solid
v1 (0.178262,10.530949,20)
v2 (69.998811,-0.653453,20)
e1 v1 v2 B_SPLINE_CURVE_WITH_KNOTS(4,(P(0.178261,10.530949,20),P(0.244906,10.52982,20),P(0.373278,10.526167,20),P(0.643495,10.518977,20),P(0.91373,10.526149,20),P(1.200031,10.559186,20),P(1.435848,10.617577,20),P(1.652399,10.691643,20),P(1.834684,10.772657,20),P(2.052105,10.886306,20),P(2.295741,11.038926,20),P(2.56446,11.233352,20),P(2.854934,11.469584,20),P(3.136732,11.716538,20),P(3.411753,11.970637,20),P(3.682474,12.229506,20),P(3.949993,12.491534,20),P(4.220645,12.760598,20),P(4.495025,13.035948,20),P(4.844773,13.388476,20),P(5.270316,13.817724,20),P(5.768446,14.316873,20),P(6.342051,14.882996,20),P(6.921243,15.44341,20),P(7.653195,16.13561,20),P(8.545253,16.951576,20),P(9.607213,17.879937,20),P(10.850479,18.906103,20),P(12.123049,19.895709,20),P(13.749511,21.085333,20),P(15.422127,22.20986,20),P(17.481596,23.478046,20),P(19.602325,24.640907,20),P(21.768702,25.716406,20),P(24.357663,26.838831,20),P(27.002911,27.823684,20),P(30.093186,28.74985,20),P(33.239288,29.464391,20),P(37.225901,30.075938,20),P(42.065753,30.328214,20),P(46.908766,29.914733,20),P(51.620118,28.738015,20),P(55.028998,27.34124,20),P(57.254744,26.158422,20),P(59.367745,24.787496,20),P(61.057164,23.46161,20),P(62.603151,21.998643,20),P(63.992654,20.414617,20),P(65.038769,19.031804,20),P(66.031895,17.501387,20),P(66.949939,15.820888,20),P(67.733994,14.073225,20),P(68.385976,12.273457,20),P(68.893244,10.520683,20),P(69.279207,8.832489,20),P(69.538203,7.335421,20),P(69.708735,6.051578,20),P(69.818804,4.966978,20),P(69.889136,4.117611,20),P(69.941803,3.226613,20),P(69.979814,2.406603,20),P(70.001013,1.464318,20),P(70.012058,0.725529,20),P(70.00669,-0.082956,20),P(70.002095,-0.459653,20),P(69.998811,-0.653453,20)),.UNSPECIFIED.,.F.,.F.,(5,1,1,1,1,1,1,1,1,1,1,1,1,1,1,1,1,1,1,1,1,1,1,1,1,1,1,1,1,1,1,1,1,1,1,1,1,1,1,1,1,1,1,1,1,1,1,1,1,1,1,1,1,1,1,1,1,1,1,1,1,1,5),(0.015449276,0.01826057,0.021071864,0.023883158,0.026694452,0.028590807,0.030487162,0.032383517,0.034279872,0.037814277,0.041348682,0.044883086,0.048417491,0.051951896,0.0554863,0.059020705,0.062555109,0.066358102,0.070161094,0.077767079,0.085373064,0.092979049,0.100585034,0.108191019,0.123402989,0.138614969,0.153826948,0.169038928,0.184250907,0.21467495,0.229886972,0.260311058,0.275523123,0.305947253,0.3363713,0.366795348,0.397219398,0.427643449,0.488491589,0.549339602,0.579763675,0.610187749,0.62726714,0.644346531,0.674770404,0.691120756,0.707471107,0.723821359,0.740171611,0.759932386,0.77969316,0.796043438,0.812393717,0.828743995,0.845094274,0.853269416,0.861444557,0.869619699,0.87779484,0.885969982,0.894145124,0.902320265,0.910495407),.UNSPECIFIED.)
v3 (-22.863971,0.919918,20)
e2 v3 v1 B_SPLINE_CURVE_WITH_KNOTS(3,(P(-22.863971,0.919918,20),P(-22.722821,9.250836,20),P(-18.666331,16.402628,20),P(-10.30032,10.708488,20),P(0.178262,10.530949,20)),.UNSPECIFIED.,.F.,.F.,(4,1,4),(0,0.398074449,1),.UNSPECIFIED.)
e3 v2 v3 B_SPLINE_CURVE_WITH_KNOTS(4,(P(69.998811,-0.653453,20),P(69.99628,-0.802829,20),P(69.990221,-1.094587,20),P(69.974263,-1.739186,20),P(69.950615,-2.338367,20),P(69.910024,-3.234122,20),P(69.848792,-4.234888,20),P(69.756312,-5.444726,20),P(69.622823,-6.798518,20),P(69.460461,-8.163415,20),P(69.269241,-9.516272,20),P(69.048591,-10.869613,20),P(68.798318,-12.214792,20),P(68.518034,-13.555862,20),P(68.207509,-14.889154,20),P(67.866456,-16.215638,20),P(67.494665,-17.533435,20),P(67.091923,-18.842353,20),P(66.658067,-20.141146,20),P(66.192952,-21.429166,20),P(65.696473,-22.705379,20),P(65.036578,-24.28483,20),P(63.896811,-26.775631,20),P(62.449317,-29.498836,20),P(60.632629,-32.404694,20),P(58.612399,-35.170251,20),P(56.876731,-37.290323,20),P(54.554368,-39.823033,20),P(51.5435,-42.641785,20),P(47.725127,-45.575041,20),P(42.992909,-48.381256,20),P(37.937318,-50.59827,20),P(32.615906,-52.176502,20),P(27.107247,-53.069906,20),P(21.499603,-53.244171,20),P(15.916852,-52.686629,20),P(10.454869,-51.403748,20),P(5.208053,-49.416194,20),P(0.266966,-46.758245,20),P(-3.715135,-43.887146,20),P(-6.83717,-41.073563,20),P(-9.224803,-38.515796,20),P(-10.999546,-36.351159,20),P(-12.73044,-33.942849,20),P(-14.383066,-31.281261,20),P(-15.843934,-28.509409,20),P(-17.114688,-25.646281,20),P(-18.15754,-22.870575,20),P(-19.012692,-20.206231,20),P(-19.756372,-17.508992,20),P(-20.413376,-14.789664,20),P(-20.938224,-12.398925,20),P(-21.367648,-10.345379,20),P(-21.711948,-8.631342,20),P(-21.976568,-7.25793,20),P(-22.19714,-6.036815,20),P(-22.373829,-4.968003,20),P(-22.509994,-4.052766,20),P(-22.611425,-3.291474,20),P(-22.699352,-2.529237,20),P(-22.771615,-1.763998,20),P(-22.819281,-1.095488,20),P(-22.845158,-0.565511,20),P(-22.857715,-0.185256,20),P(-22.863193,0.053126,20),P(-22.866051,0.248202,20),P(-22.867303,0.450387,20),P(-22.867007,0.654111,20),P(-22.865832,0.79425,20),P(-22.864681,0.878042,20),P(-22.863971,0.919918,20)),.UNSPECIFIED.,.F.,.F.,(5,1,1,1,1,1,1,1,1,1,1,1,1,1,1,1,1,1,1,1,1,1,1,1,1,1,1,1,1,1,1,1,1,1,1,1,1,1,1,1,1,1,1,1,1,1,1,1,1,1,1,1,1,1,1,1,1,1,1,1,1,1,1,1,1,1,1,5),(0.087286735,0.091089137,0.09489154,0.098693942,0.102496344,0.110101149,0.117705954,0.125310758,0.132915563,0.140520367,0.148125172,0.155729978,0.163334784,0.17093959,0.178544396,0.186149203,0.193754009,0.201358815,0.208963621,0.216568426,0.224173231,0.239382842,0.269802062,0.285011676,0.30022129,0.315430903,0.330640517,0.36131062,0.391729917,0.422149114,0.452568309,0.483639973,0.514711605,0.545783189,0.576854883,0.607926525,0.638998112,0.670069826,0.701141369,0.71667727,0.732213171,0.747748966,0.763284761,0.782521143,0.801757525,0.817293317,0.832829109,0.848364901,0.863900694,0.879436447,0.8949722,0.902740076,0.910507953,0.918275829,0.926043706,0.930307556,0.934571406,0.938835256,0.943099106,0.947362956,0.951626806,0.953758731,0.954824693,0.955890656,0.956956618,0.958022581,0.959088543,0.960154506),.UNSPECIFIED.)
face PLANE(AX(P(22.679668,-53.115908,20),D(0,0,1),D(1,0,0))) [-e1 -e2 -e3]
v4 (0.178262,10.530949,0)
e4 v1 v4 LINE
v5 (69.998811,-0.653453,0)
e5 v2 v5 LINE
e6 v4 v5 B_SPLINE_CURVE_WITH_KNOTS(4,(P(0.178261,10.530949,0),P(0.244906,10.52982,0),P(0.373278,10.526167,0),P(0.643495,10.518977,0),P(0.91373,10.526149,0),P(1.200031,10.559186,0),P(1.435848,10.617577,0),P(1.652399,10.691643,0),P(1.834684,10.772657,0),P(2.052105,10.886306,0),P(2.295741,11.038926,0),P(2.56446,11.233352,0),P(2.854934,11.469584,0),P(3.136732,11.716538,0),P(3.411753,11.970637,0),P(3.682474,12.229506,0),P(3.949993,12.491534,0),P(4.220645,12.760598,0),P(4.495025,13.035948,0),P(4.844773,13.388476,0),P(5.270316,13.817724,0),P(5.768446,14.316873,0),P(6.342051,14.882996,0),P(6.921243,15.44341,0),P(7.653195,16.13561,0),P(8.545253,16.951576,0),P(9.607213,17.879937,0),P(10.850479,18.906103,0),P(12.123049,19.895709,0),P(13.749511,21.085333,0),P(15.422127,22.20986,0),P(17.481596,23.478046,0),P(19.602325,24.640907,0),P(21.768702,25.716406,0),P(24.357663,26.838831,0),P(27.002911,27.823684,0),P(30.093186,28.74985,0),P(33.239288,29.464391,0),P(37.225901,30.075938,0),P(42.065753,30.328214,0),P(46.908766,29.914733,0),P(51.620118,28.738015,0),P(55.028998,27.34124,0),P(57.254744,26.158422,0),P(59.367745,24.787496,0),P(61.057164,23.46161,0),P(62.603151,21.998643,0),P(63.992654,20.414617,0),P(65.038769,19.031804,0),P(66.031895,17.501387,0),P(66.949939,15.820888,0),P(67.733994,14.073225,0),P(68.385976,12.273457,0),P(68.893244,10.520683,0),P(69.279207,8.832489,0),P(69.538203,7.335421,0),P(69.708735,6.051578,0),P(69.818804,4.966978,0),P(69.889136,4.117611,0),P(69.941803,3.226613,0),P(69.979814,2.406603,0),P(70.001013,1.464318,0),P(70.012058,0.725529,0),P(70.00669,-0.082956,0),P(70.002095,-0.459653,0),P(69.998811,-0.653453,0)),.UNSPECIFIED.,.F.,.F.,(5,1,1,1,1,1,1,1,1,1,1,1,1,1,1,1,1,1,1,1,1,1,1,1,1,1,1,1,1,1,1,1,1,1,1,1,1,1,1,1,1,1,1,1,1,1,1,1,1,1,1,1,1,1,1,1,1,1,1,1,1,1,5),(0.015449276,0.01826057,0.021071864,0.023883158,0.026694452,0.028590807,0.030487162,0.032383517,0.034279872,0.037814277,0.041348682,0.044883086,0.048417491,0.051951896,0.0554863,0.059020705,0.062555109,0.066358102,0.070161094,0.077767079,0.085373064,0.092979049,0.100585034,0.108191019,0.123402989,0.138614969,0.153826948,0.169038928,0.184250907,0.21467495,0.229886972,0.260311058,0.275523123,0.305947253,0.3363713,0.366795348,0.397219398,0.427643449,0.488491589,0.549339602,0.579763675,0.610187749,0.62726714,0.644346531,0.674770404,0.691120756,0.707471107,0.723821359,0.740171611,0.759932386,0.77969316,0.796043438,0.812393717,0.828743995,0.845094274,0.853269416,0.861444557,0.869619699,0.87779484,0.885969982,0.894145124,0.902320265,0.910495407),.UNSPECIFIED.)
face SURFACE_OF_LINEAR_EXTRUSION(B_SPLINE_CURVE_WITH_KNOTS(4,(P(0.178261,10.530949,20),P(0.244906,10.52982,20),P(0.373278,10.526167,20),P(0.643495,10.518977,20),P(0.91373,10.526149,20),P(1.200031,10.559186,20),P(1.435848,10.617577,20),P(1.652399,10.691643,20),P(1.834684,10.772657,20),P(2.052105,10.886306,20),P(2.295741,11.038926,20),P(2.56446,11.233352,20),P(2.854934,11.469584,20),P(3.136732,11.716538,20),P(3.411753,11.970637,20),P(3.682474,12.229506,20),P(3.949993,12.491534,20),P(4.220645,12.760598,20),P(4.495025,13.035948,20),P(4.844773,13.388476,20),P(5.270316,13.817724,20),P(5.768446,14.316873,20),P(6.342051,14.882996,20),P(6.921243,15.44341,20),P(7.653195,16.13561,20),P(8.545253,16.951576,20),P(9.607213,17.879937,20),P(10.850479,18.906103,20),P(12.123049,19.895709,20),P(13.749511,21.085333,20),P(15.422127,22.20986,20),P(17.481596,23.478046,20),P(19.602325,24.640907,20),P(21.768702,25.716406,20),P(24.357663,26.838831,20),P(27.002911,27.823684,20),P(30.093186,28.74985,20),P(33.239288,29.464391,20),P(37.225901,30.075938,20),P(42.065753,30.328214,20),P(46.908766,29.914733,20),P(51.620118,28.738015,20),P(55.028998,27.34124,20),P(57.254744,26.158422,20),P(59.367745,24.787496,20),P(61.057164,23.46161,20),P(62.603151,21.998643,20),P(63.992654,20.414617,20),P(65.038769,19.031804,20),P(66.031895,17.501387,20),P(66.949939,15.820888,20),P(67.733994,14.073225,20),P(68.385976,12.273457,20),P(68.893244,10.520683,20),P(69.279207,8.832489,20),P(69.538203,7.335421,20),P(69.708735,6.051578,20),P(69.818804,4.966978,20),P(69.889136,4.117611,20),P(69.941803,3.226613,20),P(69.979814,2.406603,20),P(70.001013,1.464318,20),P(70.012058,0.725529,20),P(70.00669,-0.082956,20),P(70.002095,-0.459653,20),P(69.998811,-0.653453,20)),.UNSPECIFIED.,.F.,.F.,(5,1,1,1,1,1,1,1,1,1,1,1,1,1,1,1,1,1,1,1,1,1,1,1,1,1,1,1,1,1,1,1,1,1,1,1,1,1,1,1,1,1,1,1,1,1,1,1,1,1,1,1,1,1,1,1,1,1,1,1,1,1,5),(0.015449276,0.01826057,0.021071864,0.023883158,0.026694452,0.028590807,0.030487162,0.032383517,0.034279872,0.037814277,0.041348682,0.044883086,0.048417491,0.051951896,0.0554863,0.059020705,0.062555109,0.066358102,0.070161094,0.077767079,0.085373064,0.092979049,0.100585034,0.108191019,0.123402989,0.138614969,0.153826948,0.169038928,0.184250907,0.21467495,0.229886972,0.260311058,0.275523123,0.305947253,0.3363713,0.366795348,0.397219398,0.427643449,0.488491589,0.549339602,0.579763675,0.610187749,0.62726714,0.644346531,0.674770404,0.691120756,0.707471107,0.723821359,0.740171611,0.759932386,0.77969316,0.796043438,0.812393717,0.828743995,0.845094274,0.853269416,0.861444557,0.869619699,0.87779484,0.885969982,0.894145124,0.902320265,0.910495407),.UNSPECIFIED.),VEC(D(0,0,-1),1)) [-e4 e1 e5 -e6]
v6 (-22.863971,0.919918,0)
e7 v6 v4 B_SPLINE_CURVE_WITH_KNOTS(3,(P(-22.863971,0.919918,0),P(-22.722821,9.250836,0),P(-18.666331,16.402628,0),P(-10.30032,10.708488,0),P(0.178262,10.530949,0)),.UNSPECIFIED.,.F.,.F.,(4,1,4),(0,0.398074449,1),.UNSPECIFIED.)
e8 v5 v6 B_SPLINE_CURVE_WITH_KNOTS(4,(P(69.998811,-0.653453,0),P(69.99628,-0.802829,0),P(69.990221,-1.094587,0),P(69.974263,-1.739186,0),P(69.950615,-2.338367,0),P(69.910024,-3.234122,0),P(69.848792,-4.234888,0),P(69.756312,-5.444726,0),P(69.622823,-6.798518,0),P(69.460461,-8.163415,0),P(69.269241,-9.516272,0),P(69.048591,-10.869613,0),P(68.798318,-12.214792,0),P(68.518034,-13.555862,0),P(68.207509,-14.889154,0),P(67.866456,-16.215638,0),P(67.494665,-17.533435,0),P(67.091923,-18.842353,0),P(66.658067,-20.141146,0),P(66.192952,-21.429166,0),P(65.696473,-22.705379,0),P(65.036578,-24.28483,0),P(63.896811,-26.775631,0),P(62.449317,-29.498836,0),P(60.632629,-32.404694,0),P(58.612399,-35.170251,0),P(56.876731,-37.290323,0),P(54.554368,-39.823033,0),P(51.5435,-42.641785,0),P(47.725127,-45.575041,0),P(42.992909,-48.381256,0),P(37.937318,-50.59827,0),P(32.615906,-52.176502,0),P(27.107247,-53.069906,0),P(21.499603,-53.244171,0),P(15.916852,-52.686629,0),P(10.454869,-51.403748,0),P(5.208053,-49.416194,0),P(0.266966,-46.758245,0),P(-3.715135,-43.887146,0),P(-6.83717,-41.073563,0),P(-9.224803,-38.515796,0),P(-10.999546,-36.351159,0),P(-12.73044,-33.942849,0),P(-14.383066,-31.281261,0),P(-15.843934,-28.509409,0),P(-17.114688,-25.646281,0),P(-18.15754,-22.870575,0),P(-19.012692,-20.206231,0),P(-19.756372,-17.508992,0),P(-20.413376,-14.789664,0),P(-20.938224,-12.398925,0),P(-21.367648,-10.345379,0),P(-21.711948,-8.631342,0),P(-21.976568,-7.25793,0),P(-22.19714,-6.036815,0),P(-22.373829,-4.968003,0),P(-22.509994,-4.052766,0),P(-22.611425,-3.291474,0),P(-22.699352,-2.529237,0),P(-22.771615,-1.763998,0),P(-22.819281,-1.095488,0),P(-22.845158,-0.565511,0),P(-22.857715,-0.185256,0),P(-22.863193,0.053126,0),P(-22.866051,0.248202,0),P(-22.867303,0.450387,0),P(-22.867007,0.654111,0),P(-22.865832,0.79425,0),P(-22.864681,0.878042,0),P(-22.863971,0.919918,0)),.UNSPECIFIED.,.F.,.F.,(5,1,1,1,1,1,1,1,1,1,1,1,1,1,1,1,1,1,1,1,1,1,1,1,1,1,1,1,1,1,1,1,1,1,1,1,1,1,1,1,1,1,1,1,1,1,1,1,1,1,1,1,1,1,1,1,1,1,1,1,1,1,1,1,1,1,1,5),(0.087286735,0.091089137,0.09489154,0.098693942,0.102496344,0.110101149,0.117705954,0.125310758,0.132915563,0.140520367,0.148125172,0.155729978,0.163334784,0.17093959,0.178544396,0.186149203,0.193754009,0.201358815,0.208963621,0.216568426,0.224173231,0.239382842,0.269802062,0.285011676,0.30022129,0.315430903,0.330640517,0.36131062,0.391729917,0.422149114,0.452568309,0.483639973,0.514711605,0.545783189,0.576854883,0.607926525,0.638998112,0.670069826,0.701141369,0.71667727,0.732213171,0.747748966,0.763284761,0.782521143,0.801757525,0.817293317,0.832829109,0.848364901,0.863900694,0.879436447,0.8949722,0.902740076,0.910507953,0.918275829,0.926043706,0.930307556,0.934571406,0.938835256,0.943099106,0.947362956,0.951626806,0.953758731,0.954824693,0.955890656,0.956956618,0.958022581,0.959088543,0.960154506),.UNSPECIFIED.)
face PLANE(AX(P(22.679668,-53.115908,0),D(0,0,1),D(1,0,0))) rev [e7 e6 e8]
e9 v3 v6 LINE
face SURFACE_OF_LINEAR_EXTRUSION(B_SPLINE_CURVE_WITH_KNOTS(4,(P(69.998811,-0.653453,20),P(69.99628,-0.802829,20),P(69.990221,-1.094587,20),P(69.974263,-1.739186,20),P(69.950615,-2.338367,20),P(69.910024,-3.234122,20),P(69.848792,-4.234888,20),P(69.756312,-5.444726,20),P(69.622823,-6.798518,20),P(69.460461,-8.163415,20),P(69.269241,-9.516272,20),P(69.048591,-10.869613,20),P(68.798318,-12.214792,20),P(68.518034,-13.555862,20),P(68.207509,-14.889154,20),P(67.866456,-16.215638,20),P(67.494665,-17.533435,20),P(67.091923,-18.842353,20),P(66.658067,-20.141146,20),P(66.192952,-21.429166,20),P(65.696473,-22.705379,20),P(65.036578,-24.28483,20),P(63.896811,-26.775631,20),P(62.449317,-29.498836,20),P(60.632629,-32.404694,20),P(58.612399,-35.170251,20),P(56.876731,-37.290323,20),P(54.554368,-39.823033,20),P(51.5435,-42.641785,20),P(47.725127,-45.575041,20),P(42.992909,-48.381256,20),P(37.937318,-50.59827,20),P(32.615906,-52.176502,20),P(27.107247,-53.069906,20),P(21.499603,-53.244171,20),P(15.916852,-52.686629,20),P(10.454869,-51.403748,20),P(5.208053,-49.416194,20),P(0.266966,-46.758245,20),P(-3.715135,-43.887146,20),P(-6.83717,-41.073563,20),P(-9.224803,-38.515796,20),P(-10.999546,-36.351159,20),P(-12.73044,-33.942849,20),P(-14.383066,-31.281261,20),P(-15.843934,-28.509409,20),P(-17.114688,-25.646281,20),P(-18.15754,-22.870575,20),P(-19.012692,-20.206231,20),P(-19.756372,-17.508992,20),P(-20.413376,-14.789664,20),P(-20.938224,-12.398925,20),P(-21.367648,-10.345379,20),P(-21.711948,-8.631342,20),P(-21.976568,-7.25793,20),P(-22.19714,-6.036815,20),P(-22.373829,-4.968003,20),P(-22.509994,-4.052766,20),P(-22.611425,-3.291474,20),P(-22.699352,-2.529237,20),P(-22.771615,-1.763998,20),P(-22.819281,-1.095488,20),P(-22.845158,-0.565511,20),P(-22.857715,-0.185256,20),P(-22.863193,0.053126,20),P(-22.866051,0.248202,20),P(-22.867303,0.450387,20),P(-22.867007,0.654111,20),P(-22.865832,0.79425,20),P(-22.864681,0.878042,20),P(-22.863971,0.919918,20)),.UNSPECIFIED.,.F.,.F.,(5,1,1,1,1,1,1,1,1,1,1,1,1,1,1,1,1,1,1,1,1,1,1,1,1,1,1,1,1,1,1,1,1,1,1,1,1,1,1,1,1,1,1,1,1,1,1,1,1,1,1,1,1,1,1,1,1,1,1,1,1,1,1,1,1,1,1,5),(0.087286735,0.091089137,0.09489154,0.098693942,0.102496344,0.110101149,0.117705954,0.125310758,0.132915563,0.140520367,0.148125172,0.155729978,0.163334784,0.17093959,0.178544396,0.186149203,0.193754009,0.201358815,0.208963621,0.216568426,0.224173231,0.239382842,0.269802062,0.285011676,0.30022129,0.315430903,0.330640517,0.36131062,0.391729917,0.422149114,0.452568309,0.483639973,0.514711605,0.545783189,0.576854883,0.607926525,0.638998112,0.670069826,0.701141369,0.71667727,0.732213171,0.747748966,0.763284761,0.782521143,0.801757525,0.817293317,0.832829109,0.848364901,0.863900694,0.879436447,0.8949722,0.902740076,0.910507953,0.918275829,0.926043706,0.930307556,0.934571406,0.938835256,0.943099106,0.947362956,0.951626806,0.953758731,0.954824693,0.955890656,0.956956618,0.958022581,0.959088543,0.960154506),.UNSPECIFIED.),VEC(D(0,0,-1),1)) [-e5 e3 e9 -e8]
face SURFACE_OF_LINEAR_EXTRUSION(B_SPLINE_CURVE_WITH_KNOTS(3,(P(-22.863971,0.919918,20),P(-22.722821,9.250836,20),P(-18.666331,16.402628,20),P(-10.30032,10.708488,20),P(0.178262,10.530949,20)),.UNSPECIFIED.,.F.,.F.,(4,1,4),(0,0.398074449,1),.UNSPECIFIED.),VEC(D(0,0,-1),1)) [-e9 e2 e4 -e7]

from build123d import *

# Parameters (mm, degrees)
EXTRUDE_1_DEPTH = 20


with BuildPart() as part:
    # 草图1 → 凸台-拉伸1 (new body)
    with BuildSketch(Plane.XY):
        with BuildLine():
            add(Edge.make_bspline(
                [(0.1782615, 10.530949408), (0.244905956, 10.529820254), (0.373277942, 10.526166579), (0.643494696, 10.518976505), (0.913729923, 10.526148962), (1.200031091, 10.559185531), (1.435848158, 10.617577351), (1.652398555, 10.691643298), (1.834684147, 10.772656816), (2.052105151, 10.886305872), (2.295740872, 11.038926219), (2.564460118, 11.233352073), (2.854933744, 11.46958407), (3.136732321, 11.716538458), (3.411752909, 11.970636797), (3.682474487, 12.229506357), (3.949993331, 12.49153421), (4.22064519, 12.760597645), (4.495024593, 13.035947777), (4.844773386, 13.388476486), (5.270316228, 13.817723931), (5.768446172, 14.316873279), (6.342050596, 14.882995744), (6.921243381, 15.443409674), (7.653194676, 16.135610087), (8.545252652, 16.951575587), (9.607212819, 17.879937478), (10.850479481, 18.906102669), (12.123049496, 19.895709066), (13.74951133, 21.0853332), (15.422127052, 22.209859592), (17.481595844, 23.478045633), (19.602324769, 24.640906966), (21.768702068, 25.716405622), (24.357662627, 26.838830596), (27.0029106, 27.823684354), (30.09318627, 28.749849662), (33.239288381, 29.464390668), (37.22590063, 30.075937896), (42.065752958, 30.328213523), (46.908766399, 29.914732573), (51.620118242, 28.738015133), (55.028998218, 27.341240068), (57.254744471, 26.158422471), (59.367744966, 24.787495607), (61.057163752, 23.46160968), (62.603150868, 21.998642749), (63.992654496, 20.414617159), (65.038768829, 19.031803865), (66.031894789, 17.501387154), (66.94993907, 15.820888181), (67.733993982, 14.073225246), (68.385975537, 12.273456792), (68.893244002, 10.520683159), (69.279207207, 8.832488895), (69.538203351, 7.335420706), (69.708734678, 6.051577951), (69.818803784, 4.966977753), (69.889135771, 4.117610885), (69.94180325, 3.226613382), (69.97981372, 2.406602606), (70.001013479, 1.464318305), (70.012058201, 0.725529174), (70.006690258, -0.082955575), (70.00209468, -0.459652906), (69.99881114, -0.653452585)],
                knots=[0.015449276, 0.015449276, 0.015449276, 0.015449276, 0.015449276, 0.01826057, 0.021071864, 0.023883158, 0.026694452, 0.028590807, 0.030487162, 0.032383517, 0.034279872, 0.037814277, 0.041348682, 0.044883086, 0.048417491, 0.051951896, 0.0554863, 0.059020705, 0.062555109, 0.066358102, 0.070161094, 0.077767079, 0.085373064, 0.092979049, 0.100585034, 0.108191019, 0.123402989, 0.138614969, 0.153826948, 0.169038928, 0.184250907, 0.21467495, 0.229886972, 0.260311058, 0.275523123, 0.305947253, 0.3363713, 0.366795348, 0.397219398, 0.427643449, 0.488491589, 0.549339602, 0.579763675, 0.610187749, 0.62726714, 0.644346531, 0.674770404, 0.691120756, 0.707471107, 0.723821359, 0.740171611, 0.759932386, 0.77969316, 0.796043438, 0.812393717, 0.828743995, 0.845094274, 0.853269416, 0.861444557, 0.869619699, 0.87779484, 0.885969982, 0.894145124, 0.902320265, 0.910495407, 0.910495407, 0.910495407, 0.910495407, 0.910495407], degree=4))
            add(Edge.make_bspline(
                [(69.99881114, -0.653452585), (69.996280261, -0.802829052), (69.990220853, -1.094587444), (69.974262699, -1.739186127), (69.950614641, -2.338367317), (69.910023626, -3.234121954), (69.848792011, -4.234888343), (69.75631235, -5.444726115), (69.622822759, -6.798518087), (69.460461294, -8.16341537), (69.269241478, -9.516272467), (69.048591267, -10.869613368), (68.798317634, -12.214791949), (68.51803424, -13.555862277), (68.207509036, -14.889153843), (67.866456245, -16.215638335), (67.494664866, -17.533434792), (67.091923133, -18.842353338), (66.658066663, -20.141146031), (66.192951642, -21.429166121), (65.696473242, -22.705379393), (65.036577726, -24.28483031), (63.896811051, -26.775631023), (62.449317335, -29.498835527), (60.632629255, -32.404693524), (58.612398649, -35.170251359), (56.876731263, -37.29032308), (54.554367978, -39.823032506), (51.543500376, -42.641785053), (47.725127379, -45.575040694), (42.992909396, -48.381256287), (37.937318134, -50.59827003), (32.6159065, -52.176501916), (27.10724651, -53.069906349), (21.499603375, -53.244171337), (15.916851924, -52.686629232), (10.454869475, -51.40374763), (5.208053204, -49.416193532), (0.266965944, -46.758244903), (-3.715134522, -43.887145704), (-6.83716953, -41.073562748), (-9.224802586, -38.515796464), (-10.999545938, -36.351159197), (-12.730439827, -33.942848801), (-14.383065646, -31.281261334), (-15.843934258, -28.509409456), (-17.114687718, -25.646281173), (-18.157539615, -22.870574622), (-19.01269195, -20.206230804), (-19.75637215, -17.508992091), (-20.413375584, -14.789664211), (-20.938223955, -12.398924973), (-21.36764808, -10.345379291), (-21.711948257, -8.63134203), (-21.976568128, -7.257929607), (-22.197140145, -6.036814566), (-22.373829461, -4.968003182), (-22.509993873, -4.052765909), (-22.611425299, -3.291473614), (-22.699351827, -2.52923668), (-22.771614833, -1.763997625), (-22.819281051, -1.095488164), (-22.845158008, -0.565511189), (-22.857714726, -0.185256379), (-22.863192914, 0.053126364), (-22.866051208, 0.248202442), (-22.867303132, 0.450386942), (-22.867007355, 0.654111362), (-22.865832001, 0.794250234), (-22.864680741, 0.878041738), (-22.863971236, 0.91991782)],
                knots=[0.087286735, 0.087286735, 0.087286735, 0.087286735, 0.087286735, 0.091089137, 0.09489154, 0.098693942, 0.102496344, 0.110101149, 0.117705954, 0.125310758, 0.132915563, 0.140520367, 0.148125172, 0.155729978, 0.163334784, 0.17093959, 0.178544396, 0.186149203, 0.193754009, 0.201358815, 0.208963621, 0.216568426, 0.224173231, 0.239382842, 0.269802062, 0.285011676, 0.30022129, 0.315430903, 0.330640517, 0.36131062, 0.391729917, 0.422149114, 0.452568309, 0.483639973, 0.514711605, 0.545783189, 0.576854883, 0.607926525, 0.638998112, 0.670069826, 0.701141369, 0.71667727, 0.732213171, 0.747748966, 0.763284761, 0.782521143, 0.801757525, 0.817293317, 0.832829109, 0.848364901, 0.863900694, 0.879436447, 0.8949722, 0.902740076, 0.910507953, 0.918275829, 0.926043706, 0.930307556, 0.934571406, 0.938835256, 0.943099106, 0.947362956, 0.951626806, 0.953758731, 0.954824693, 0.955890656, 0.956956618, 0.958022581, 0.959088543, 0.960154506, 0.960154506, 0.960154506, 0.960154506, 0.960154506], degree=4))
            add(Edge.make_bspline(
                [(-22.863971236, 0.91991782), (-22.722820821, 9.250836117), (-18.66633118, 16.402628203), (-10.300319867, 10.708487593), (0.1782615, 10.530949408)],
                knots=[0, 0, 0, 0, 0.398074449, 1, 1, 1, 1], degree=3))
        make_face()
    extrude(amount=EXTRUDE_1_DEPTH)


solid = part.part
